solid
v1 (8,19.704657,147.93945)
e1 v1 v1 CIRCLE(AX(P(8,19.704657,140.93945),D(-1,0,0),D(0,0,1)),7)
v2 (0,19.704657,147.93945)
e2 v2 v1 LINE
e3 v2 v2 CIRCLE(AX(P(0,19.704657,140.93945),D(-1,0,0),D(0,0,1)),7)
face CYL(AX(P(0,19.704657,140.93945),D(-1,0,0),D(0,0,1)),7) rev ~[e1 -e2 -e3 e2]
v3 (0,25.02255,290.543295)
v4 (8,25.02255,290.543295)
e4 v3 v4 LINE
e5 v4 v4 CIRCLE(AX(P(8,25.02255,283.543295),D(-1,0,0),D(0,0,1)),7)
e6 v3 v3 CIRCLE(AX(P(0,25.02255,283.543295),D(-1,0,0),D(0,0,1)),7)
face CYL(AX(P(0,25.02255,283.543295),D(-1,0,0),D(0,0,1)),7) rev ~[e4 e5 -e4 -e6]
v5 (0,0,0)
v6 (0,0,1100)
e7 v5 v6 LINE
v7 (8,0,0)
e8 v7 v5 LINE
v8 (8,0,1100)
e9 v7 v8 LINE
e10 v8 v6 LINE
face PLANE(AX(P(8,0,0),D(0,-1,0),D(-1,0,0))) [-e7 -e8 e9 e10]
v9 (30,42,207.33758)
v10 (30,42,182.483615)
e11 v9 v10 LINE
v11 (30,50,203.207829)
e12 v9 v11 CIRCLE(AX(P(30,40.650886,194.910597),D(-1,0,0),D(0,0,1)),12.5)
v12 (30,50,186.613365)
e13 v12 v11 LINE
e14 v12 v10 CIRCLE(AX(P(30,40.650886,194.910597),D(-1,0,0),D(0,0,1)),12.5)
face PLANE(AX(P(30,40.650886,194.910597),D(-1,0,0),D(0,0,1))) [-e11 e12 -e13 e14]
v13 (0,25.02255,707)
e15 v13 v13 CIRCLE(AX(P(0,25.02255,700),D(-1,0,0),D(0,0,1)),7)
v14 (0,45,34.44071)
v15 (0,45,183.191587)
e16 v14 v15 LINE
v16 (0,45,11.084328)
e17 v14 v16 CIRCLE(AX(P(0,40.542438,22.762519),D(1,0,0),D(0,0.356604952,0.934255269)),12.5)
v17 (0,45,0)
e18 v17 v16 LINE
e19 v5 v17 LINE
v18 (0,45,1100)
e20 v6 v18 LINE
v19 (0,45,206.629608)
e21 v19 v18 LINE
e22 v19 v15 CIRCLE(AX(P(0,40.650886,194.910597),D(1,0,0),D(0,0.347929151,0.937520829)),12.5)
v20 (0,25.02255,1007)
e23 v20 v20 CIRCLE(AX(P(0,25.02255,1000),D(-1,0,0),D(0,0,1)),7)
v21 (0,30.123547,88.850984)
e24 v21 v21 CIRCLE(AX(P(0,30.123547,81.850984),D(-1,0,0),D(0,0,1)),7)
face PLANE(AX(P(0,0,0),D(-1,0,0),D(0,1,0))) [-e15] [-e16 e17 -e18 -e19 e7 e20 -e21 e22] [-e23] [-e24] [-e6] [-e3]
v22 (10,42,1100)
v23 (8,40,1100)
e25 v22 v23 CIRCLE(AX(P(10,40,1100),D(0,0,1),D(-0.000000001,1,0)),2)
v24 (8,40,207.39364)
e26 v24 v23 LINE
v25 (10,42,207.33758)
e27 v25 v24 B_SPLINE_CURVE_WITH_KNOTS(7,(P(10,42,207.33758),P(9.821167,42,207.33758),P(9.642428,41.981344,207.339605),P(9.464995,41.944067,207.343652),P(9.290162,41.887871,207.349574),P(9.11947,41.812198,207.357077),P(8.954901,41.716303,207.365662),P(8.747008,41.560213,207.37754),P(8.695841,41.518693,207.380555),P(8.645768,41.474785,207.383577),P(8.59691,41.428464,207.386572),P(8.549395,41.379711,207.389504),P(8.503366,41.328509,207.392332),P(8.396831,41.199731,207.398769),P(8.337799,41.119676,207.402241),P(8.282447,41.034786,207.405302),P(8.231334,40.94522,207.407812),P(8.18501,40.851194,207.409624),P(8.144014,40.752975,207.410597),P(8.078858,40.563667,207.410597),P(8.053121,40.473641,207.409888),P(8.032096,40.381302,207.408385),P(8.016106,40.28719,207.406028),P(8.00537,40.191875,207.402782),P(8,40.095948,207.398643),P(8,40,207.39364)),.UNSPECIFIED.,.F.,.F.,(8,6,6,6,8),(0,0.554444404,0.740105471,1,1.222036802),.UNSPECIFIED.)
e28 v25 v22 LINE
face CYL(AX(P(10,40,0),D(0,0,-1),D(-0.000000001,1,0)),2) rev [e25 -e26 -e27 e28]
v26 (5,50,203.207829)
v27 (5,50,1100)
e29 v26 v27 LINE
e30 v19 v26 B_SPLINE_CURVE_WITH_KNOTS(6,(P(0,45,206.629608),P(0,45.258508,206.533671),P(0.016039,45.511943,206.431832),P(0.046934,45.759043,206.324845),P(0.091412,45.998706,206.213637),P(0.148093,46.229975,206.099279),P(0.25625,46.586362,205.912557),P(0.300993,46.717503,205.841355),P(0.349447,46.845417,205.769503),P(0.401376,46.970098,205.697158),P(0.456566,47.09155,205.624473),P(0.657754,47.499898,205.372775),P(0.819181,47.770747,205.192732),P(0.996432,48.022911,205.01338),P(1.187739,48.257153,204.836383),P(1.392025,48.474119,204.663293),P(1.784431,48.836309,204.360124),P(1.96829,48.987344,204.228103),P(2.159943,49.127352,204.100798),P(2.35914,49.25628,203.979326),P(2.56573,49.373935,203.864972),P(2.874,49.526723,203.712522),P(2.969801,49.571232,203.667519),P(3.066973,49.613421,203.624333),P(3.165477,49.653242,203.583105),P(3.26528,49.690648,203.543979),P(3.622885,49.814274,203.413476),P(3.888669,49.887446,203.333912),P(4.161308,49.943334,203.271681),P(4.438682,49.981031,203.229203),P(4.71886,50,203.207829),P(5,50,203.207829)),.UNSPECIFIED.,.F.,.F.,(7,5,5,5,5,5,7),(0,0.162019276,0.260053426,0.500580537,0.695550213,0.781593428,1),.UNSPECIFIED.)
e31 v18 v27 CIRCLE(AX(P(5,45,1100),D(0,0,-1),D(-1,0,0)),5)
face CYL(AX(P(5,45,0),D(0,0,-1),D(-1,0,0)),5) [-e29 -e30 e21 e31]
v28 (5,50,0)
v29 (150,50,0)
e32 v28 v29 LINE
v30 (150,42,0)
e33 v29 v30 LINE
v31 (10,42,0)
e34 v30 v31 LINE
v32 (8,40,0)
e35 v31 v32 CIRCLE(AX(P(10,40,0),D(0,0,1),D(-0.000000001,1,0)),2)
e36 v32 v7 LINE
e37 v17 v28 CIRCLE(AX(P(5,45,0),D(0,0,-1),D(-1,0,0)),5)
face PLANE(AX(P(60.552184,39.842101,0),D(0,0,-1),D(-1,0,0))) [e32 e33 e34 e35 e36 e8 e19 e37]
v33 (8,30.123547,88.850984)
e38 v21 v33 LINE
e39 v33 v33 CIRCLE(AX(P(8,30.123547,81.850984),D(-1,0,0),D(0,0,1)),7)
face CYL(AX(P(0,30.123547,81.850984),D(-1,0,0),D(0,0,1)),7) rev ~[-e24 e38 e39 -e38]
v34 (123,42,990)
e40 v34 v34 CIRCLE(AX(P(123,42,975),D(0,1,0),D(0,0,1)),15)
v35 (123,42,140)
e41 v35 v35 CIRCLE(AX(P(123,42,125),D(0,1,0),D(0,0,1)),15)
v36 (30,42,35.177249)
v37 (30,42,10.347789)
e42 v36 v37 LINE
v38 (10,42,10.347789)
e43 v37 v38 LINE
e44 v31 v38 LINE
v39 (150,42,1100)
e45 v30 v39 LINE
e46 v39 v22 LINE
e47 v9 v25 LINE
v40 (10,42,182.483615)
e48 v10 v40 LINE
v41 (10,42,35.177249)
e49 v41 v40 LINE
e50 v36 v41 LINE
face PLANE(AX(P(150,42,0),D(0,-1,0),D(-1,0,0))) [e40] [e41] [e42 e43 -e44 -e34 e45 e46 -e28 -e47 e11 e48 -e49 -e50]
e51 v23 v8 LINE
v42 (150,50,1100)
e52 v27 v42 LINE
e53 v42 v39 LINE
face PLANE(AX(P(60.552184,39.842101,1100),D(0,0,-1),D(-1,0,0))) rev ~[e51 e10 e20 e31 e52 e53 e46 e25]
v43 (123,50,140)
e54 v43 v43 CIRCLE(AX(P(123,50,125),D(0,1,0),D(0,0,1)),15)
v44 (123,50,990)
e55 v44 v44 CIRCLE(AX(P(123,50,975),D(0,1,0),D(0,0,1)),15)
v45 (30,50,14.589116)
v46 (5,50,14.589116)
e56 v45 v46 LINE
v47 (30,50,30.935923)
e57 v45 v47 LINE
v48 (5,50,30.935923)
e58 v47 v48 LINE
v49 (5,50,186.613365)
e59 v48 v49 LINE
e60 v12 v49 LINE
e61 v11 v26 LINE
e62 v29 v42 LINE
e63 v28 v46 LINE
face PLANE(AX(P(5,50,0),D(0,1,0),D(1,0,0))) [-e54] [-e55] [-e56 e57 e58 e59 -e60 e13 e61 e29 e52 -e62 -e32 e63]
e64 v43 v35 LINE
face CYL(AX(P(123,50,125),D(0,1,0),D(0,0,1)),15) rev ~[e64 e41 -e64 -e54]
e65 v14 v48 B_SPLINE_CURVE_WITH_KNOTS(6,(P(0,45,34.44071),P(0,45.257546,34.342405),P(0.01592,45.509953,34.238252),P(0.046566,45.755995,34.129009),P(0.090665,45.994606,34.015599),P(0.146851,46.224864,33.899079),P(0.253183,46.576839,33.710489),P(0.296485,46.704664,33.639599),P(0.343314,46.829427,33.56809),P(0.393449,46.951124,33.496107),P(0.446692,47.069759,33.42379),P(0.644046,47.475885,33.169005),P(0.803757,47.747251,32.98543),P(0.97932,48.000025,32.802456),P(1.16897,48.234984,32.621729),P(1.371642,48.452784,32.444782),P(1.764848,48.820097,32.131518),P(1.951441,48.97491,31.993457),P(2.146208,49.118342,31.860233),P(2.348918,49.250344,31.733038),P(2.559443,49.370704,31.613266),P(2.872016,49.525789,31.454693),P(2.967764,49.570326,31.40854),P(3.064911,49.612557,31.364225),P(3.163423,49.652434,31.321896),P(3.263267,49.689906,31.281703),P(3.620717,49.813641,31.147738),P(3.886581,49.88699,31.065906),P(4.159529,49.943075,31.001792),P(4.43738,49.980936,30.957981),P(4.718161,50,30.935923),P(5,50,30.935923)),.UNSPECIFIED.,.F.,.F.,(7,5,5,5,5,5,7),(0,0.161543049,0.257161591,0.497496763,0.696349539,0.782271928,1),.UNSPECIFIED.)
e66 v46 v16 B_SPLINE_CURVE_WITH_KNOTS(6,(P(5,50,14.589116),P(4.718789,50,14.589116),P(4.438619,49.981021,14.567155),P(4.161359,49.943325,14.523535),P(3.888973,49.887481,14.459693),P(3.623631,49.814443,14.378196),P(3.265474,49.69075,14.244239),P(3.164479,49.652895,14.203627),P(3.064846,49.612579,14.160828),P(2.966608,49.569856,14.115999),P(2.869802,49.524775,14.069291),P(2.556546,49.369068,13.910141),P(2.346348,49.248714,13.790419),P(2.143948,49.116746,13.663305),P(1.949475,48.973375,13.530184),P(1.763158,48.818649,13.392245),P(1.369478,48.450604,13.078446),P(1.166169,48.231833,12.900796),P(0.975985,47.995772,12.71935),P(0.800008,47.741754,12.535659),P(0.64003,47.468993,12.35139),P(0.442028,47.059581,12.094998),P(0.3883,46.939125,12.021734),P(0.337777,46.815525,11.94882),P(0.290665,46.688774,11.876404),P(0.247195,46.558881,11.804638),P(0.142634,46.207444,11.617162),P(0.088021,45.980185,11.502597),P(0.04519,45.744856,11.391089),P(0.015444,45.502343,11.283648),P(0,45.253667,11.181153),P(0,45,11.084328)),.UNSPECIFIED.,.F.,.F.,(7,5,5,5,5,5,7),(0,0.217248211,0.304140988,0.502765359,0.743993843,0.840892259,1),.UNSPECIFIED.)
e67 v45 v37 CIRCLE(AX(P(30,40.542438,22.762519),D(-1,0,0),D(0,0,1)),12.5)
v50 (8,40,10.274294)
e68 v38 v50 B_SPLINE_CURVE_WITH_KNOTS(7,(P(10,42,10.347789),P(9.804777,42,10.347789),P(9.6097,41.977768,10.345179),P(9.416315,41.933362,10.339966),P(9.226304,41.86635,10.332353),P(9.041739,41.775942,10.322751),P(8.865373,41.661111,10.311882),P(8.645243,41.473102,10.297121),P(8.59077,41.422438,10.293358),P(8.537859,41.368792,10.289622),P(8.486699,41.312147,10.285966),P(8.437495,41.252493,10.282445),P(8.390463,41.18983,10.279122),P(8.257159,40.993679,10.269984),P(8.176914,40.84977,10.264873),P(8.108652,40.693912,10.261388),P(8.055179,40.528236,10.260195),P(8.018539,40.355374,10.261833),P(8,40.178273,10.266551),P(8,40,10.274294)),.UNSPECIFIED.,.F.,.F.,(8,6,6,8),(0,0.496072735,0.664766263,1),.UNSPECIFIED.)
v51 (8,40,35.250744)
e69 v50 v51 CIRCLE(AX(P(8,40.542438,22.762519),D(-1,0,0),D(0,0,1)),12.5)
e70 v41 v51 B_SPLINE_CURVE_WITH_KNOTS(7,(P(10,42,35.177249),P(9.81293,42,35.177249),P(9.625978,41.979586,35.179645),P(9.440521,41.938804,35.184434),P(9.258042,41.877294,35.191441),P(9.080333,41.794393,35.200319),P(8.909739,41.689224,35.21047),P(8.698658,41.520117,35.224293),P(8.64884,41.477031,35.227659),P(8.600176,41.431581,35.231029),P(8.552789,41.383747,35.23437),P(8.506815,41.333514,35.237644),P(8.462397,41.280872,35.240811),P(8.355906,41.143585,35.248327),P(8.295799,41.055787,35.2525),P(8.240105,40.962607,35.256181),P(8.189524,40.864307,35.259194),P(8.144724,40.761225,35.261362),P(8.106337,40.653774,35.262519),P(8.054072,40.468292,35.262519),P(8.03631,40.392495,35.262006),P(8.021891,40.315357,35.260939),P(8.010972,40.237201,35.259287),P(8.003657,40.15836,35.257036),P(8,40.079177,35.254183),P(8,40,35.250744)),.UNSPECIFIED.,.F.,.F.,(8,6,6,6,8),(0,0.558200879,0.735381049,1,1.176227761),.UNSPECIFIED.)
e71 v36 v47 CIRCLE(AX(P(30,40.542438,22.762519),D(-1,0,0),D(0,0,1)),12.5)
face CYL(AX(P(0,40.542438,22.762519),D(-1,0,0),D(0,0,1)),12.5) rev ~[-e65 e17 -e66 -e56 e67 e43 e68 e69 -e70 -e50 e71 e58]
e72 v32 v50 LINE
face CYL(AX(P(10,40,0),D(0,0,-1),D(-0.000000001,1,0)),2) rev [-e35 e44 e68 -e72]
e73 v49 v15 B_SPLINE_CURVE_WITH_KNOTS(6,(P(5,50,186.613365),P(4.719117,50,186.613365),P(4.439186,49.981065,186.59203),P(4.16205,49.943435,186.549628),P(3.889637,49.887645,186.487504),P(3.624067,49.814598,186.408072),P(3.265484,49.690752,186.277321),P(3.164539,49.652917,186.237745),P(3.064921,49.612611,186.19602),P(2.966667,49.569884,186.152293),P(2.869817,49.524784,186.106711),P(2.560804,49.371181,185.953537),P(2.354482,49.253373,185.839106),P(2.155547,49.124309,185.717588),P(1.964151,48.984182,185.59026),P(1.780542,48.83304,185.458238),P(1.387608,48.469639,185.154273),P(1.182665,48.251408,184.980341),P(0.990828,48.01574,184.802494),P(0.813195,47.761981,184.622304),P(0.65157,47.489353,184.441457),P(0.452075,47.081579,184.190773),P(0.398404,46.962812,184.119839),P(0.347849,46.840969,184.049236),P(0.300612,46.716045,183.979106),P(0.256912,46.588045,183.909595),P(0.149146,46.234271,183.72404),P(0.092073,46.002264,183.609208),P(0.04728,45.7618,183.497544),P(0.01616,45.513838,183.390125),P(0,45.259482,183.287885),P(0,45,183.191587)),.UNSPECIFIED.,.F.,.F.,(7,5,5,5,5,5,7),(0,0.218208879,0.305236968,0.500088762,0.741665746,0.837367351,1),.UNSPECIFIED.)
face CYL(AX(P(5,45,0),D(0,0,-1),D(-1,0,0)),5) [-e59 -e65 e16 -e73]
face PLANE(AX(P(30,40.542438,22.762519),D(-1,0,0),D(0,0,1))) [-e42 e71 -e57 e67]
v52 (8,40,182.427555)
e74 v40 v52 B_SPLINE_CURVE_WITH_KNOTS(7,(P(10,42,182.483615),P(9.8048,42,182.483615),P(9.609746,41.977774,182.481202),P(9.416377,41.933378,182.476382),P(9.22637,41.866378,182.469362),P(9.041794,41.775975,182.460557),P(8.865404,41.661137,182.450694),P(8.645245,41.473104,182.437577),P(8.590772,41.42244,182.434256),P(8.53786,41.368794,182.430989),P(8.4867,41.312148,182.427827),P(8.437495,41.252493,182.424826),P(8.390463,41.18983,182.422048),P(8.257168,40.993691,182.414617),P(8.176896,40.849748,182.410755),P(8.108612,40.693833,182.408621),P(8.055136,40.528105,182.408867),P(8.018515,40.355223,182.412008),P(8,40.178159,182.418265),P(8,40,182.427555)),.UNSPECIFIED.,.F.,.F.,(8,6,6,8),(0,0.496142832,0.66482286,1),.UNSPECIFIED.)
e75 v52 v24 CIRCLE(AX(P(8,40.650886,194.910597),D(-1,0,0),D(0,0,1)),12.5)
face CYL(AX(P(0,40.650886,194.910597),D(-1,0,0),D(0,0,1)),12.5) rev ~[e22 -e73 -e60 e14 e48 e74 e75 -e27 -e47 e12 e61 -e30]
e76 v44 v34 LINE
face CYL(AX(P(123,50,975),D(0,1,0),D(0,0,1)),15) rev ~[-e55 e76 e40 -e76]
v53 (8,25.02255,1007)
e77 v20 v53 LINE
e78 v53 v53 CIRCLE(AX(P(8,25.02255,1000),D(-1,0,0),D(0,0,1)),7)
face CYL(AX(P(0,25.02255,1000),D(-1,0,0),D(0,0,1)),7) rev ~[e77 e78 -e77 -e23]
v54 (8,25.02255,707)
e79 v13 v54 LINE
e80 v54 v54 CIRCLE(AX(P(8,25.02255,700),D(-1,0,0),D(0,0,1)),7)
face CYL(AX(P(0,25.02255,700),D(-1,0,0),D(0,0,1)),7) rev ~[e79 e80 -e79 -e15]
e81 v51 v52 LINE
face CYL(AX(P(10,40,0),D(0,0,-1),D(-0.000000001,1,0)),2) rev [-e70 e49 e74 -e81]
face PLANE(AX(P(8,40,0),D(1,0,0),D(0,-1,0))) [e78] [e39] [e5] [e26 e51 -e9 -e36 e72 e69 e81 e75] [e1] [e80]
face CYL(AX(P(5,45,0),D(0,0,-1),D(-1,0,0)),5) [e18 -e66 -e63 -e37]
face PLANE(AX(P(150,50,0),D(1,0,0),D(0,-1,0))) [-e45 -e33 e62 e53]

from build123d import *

# Parameters (mm, degrees)
EXTRUDE_1_DEPTH     = 1100
SKETCH_2_R          = 15
CUT_EXTRUDE_1_DEPTH = 10
SKETCH_3_R          = 7
CUT_EXTRUDE_2_DEPTH = 10
SKETCH_4_R          = 12.5
CUT_EXTRUDE_3_DEPTH = 30
SKETCH_5_R          = 7
CUT_EXTRUDE_4_DEPTH = 10


with BuildPart() as part:
    # 草图1 → 凸台-拉伸1 (new body)
    with BuildSketch(Plane.XY):
        with BuildLine():
            Line((0, 0), (0, 45))
            ThreePointArc((0, 45), (1.464466094, 48.535533906), (5, 50))
            Line((5, 50), (150, 50))
            Line((150, 50), (150, 42))
            Line((150, 42), (10, 42))
            ThreePointArc((10, 42), (8.585786438, 41.414213562), (8, 40))
            Line((8, 40), (8, 0))
            Line((8, 0), (0, 0))
        make_face()
    extrude(amount=EXTRUDE_1_DEPTH)

    # 草图2 → 切除-拉伸1 (cut)
    with BuildSketch(Plane(origin=(0, 50, 0), x_dir=(1, 0, 0), z_dir=(0, 1, 0))):
        with Locations(Location((123, -975, 0), (0, 0, 270))):
            Circle(SKETCH_2_R)
        with Locations(Location((123, -125, 0), (0, 0, 270))):
            Circle(SKETCH_2_R)
    extrude(amount=-CUT_EXTRUDE_1_DEPTH, mode=Mode.SUBTRACT)

    # 草图3 → 切除-拉伸2 (cut)
    with BuildSketch(Plane.ZY):
        with Locations((283.54329503, 25.022549618)):
            Circle(SKETCH_3_R)
        with Locations((140.939449508, 19.704656779)):
            Circle(SKETCH_3_R)
        with Locations(Location((22.762519147, 40.542438099, 0), (0, 0, 355.555628173))):
            Circle(SKETCH_3_R)
        with Locations(Location((194.910597259, 40.650885608, 0), (0, 0, 354.6647218))):
            Circle(SKETCH_3_R)
        with Locations((81.850984328, 30.123547439)):
            Circle(SKETCH_3_R)
    extrude(amount=-CUT_EXTRUDE_2_DEPTH, mode=Mode.SUBTRACT)

    # 草图4 → 切除-拉伸3 (cut)
    with BuildSketch(Plane.ZY):
        with Locations((22.762519147, 40.542438099)):
            Circle(SKETCH_4_R)
        with Locations((194.910597259, 40.650885608)):
            Circle(SKETCH_4_R)
    extrude(amount=-CUT_EXTRUDE_3_DEPTH, mode=Mode.SUBTRACT)

    # 草图5 → 切除-拉伸4 (cut)
    with BuildSketch(Plane.ZY):
        with Locations((1000, 25.022549618)):
            Circle(SKETCH_5_R)
        with Locations((700, 25.022549618)):
            Circle(SKETCH_5_R)
    extrude(amount=-CUT_EXTRUDE_4_DEPTH, mode=Mode.SUBTRACT)


solid = part.part
